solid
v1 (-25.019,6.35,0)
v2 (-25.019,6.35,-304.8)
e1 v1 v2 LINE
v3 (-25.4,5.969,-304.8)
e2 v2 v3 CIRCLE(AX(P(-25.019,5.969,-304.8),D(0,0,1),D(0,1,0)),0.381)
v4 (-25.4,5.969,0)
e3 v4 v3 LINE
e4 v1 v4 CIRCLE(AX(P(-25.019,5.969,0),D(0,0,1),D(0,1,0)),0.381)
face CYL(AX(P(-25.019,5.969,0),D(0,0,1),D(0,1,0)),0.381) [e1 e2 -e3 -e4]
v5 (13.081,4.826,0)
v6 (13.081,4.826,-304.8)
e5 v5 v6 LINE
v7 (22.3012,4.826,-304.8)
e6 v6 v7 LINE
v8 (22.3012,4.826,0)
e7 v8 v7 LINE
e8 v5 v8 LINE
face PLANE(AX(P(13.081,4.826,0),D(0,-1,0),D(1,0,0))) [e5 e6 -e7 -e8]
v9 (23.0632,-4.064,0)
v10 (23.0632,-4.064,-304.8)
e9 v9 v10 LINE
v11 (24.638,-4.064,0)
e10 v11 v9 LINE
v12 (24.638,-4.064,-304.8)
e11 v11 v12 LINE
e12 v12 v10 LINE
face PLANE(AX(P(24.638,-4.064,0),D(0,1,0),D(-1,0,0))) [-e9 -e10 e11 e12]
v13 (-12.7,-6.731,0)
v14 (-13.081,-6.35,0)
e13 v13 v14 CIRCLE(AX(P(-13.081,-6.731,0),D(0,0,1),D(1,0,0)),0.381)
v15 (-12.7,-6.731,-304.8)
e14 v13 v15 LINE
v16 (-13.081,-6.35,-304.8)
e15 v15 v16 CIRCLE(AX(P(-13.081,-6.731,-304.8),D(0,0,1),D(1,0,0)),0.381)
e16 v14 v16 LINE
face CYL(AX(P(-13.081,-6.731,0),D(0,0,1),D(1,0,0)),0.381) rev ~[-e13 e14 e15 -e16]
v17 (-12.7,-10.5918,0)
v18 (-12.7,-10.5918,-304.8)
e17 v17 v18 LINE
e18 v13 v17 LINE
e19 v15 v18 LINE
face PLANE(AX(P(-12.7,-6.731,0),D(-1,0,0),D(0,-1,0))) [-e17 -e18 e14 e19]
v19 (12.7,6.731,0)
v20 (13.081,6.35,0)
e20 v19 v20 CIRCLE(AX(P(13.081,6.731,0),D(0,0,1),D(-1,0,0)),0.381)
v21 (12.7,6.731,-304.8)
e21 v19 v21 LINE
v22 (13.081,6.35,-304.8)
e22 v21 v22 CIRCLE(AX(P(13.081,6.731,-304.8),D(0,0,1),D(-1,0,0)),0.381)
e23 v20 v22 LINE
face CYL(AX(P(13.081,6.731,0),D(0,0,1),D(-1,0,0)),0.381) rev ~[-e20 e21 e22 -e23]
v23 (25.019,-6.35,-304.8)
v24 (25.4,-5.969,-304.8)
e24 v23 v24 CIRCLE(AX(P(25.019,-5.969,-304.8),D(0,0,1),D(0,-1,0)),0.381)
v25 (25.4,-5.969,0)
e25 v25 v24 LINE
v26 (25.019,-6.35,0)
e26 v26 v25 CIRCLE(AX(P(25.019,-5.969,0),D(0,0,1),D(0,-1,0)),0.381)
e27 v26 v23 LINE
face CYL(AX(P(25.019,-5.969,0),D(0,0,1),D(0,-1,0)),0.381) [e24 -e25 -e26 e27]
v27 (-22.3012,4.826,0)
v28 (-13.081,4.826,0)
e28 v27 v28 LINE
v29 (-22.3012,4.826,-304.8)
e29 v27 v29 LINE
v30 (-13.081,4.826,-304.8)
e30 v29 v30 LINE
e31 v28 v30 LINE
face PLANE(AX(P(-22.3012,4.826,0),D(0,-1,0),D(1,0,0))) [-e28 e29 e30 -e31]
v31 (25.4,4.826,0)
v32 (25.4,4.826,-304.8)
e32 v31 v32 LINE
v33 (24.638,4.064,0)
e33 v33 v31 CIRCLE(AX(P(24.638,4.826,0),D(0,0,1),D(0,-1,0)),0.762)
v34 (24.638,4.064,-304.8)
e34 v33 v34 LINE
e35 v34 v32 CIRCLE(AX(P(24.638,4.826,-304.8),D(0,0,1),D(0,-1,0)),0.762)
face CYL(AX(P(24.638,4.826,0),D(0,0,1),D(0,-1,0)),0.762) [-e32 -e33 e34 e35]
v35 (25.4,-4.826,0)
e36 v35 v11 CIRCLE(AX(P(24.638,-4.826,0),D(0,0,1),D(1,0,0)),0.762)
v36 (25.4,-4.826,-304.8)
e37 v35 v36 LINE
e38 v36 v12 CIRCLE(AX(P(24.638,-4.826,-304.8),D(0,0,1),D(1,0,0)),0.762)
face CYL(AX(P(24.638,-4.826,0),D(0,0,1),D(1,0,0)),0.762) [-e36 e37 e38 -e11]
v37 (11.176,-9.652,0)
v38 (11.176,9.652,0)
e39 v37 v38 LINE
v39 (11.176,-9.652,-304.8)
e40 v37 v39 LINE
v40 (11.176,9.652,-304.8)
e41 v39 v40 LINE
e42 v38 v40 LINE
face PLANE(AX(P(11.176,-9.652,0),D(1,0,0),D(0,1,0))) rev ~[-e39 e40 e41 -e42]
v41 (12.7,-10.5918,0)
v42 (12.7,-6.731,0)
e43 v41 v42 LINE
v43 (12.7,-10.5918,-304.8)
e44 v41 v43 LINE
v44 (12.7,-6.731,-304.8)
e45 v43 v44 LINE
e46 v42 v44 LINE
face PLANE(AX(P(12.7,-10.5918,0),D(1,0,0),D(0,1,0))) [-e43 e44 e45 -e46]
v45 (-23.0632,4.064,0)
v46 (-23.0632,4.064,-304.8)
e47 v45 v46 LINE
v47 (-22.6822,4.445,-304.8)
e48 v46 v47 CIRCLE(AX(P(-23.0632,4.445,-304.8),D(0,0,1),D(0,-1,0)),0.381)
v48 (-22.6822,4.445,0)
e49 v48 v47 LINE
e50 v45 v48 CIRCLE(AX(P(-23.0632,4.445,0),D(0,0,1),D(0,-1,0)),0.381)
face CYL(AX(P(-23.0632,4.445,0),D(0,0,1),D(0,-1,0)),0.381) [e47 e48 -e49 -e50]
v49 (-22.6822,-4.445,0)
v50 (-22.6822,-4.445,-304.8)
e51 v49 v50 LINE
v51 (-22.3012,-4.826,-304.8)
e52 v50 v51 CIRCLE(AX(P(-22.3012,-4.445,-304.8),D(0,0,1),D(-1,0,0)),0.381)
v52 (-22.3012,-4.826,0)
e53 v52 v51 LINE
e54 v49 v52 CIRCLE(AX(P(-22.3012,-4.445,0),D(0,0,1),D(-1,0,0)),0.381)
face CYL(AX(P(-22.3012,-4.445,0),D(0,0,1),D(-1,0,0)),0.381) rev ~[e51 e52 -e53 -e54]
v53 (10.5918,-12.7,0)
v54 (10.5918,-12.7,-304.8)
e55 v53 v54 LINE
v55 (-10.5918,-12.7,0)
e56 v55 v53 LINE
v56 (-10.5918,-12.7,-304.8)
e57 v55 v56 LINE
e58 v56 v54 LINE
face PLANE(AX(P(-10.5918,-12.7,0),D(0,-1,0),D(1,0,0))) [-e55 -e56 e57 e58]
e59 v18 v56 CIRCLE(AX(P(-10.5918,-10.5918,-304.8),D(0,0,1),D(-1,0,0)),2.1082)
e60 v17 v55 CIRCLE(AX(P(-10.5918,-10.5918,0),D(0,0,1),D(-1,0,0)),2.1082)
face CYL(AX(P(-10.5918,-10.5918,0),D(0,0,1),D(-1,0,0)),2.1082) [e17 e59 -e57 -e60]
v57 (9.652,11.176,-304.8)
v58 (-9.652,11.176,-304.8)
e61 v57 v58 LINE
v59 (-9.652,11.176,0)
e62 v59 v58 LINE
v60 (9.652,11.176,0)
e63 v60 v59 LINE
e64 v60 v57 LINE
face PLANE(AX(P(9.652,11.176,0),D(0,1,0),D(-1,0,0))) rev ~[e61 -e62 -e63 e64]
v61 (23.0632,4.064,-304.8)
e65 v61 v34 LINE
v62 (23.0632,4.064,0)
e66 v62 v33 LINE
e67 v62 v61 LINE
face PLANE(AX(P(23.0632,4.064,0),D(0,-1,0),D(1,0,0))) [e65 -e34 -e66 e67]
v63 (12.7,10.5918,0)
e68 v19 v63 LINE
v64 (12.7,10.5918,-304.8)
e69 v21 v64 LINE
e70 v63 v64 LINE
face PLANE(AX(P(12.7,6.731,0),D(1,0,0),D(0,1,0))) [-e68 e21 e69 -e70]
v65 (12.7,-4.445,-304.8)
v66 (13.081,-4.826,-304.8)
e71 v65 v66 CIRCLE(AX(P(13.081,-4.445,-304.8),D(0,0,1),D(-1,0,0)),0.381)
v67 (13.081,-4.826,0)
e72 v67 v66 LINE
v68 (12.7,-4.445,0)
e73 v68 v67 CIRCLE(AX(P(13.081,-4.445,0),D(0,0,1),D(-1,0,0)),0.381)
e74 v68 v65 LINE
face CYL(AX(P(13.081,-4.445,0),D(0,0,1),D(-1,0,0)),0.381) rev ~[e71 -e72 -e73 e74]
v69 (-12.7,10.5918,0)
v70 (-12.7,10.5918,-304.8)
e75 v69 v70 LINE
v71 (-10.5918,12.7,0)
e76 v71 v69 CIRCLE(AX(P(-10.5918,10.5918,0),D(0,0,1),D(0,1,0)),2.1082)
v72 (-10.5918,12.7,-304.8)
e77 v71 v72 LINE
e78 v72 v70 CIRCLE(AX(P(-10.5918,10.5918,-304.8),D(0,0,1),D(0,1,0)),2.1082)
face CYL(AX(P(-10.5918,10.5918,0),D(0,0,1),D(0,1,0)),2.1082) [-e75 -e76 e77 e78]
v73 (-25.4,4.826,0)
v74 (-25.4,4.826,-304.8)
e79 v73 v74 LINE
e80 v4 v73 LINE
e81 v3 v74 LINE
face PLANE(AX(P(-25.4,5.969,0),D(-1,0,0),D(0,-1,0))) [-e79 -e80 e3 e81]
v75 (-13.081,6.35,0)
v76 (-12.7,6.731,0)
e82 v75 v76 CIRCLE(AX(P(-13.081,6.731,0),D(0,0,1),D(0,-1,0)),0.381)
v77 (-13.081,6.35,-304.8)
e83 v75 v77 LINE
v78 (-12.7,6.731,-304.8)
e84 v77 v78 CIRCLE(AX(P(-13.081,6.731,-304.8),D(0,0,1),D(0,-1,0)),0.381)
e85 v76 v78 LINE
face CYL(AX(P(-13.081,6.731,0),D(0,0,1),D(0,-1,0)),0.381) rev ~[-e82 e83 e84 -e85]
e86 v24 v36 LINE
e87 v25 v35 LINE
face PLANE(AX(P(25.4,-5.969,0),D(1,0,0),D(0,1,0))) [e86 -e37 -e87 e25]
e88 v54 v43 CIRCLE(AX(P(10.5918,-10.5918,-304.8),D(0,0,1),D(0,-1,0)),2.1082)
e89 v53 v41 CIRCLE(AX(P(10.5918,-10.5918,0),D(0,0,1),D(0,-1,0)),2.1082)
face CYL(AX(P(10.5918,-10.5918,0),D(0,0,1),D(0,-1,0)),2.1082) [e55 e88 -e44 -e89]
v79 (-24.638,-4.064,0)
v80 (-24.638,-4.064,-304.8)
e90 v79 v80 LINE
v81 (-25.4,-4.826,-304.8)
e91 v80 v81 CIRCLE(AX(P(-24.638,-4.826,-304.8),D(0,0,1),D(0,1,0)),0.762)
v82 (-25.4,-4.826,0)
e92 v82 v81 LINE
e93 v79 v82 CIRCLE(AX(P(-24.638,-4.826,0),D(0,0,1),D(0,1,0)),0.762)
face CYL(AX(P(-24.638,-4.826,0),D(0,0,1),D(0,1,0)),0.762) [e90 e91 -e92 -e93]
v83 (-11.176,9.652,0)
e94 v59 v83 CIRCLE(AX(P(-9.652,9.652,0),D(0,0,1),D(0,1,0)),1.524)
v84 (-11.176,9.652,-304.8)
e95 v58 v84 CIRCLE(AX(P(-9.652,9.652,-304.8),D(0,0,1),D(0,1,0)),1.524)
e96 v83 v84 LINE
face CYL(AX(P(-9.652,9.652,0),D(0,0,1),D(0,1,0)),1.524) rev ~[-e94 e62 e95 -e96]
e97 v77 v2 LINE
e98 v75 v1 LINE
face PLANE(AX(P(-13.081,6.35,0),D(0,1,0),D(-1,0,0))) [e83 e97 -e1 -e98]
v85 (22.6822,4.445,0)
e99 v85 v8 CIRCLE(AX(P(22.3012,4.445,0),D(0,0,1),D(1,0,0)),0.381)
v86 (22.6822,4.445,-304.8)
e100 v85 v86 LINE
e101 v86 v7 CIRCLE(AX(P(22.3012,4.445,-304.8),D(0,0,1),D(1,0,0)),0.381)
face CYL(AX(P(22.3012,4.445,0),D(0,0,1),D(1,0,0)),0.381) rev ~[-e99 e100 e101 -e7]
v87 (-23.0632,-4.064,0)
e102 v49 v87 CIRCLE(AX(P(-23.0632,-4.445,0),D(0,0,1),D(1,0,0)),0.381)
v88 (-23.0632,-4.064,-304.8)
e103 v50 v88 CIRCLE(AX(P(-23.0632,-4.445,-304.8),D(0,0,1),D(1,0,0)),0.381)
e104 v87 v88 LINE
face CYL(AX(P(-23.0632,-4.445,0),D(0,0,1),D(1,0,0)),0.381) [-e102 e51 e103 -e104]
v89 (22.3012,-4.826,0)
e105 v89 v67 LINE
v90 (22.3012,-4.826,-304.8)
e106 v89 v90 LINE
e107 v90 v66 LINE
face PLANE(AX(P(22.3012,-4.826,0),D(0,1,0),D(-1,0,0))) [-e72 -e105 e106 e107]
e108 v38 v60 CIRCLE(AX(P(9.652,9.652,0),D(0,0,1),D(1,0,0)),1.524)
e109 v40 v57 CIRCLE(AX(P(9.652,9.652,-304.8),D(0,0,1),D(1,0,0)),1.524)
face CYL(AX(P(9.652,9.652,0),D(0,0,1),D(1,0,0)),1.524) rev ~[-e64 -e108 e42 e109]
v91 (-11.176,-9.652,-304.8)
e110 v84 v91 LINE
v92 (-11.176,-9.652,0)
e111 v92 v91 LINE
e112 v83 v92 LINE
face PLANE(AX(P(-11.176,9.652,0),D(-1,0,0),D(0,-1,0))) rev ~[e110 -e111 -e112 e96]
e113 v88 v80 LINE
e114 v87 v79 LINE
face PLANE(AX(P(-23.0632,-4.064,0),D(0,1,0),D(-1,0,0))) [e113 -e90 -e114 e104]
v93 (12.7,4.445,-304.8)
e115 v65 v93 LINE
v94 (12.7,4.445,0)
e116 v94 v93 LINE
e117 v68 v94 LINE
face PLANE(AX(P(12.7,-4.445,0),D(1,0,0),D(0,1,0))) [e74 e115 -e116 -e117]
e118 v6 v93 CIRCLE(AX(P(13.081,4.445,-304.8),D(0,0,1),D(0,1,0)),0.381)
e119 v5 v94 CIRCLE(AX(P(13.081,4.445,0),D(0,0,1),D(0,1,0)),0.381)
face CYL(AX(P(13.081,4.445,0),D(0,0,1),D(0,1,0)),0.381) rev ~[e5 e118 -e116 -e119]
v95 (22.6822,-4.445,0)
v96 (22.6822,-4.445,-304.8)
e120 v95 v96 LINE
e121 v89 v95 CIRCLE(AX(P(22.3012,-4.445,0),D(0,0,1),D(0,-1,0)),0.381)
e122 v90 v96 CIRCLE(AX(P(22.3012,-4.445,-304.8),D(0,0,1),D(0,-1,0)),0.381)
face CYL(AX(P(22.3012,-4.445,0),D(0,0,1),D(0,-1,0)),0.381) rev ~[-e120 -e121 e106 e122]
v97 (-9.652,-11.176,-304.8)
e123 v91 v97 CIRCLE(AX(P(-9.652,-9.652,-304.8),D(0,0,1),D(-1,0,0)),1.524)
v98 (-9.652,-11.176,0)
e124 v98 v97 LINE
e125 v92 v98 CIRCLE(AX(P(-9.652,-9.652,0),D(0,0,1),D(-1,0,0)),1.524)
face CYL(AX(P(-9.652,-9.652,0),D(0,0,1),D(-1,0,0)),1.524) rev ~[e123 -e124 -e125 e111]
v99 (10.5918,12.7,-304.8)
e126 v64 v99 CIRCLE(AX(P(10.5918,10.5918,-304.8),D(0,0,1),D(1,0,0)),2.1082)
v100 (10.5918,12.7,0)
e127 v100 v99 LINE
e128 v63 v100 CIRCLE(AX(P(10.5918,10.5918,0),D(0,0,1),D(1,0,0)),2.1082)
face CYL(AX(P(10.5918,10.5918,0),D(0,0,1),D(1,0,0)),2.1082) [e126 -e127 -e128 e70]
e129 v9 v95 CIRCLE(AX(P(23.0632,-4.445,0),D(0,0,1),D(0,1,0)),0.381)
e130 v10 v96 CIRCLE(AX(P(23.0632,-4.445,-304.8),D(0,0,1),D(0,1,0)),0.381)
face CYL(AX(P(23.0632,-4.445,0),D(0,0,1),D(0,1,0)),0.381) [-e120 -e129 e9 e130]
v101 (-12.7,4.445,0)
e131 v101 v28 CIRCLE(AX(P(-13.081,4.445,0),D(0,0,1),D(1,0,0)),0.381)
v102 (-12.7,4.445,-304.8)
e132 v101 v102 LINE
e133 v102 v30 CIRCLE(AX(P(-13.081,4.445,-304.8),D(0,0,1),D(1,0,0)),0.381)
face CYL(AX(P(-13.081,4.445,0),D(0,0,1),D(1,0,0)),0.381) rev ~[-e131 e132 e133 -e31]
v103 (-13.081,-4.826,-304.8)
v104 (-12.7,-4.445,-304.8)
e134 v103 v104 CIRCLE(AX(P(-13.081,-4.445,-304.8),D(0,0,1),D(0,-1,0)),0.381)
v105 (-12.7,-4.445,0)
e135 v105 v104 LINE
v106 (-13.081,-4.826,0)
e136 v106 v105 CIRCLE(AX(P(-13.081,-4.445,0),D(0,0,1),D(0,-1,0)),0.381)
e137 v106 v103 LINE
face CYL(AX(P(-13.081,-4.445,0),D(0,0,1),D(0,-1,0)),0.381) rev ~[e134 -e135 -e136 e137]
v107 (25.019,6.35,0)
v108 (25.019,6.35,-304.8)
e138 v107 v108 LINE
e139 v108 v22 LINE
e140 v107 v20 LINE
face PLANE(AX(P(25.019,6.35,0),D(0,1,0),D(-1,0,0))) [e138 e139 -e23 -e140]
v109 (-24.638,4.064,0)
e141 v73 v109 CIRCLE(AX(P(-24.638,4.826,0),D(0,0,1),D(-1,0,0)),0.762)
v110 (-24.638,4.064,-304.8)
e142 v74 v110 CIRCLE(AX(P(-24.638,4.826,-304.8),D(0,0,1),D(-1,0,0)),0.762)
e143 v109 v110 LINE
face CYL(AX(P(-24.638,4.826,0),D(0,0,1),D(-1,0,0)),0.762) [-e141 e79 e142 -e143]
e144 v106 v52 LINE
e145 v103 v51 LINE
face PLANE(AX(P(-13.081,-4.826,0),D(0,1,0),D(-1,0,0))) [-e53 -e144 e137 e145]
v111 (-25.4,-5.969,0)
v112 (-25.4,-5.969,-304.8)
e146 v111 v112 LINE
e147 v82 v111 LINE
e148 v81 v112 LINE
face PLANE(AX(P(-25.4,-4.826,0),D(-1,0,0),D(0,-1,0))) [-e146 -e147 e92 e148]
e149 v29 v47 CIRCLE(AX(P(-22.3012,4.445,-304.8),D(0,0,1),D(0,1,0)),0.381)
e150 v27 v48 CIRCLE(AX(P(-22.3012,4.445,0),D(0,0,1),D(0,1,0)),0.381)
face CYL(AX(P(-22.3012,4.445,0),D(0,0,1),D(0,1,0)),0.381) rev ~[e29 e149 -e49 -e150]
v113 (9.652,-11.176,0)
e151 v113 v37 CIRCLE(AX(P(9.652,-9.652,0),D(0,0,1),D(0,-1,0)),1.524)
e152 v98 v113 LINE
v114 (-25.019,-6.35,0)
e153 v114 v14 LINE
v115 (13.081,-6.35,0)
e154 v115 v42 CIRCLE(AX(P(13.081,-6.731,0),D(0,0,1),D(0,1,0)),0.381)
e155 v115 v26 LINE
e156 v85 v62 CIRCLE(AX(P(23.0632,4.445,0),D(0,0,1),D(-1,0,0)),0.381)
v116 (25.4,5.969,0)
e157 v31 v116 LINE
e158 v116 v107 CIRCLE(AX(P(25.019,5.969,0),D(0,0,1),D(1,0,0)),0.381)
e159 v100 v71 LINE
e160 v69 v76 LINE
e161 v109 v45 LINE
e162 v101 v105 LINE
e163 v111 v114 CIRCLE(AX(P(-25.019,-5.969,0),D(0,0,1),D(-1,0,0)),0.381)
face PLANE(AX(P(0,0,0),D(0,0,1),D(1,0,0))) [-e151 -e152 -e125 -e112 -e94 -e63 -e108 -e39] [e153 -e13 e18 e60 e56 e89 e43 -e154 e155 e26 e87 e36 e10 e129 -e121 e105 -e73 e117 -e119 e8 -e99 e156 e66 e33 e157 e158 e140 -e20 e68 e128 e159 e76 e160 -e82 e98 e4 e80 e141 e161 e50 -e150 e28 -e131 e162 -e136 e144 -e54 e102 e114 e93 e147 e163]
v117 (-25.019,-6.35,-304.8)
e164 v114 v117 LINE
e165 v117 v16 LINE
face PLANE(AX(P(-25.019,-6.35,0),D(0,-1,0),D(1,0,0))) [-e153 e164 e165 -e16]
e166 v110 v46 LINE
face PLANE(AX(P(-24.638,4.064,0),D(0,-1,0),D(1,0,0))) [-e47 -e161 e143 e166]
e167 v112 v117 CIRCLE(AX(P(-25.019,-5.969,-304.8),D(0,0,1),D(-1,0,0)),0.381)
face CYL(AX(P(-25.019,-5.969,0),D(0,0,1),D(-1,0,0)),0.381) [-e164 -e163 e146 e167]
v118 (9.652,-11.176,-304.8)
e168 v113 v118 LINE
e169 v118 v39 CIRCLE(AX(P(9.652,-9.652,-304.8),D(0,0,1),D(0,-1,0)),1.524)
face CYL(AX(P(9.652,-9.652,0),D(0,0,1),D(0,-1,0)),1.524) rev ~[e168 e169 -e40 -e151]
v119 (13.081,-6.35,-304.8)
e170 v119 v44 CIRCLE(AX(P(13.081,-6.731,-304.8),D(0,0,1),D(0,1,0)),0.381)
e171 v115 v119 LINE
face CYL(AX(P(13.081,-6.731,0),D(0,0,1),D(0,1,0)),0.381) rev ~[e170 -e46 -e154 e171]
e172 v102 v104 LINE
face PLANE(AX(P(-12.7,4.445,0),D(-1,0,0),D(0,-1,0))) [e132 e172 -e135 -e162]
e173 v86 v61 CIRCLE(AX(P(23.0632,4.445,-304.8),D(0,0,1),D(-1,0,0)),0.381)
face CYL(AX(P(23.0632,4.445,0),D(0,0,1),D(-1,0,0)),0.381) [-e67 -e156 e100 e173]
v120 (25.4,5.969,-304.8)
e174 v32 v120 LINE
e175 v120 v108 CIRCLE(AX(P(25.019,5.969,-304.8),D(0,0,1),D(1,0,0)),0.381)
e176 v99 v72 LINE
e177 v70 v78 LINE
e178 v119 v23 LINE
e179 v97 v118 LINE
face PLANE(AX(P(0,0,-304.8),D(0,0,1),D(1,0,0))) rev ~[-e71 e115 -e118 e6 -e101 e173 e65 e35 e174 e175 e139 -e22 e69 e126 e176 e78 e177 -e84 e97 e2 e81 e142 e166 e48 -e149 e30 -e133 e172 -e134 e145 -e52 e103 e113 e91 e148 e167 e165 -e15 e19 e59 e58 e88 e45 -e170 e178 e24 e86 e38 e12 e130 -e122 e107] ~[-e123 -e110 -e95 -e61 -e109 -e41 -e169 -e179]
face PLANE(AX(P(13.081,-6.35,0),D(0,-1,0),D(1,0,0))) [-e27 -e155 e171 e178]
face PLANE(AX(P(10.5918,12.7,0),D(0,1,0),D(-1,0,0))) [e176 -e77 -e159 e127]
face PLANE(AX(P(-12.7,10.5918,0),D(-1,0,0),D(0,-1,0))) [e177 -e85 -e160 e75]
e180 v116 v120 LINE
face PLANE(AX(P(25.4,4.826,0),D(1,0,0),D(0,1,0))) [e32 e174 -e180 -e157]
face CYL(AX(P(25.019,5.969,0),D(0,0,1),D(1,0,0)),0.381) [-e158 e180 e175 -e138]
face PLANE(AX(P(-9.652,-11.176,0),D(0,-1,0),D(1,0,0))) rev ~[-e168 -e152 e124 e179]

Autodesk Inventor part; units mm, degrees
ref_plane "YZ Plane" through (0, 0, 0) normal (1, 0, 0) x (0, 1, 0)
ref_plane "XZ Plane" through (0, 0, 0) normal (0, 1, 0) x (-1, 0, 0)
ref_plane "XY Plane" through (0, 0, 0) normal (0, 0, 1) x (1, 0, 0)
sketch "Sketch1" plane through (0, 0, 0) normal (0, 0, 1) x (1, 0, 0)
  line L0 (-9.652, -11.176) -> (9.652, -11.176)
  arc A0 (-11.176, -9.652) -> (-9.652, -11.176) centre (-9.652, -9.652) ccw
  line L1 (-11.176, 9.652) -> (-11.176, -9.652)
  arc A1 (-9.652, 11.176) -> (-11.176, 9.652) centre (-9.652, 9.652) ccw
  line L2 (9.652, 11.176) -> (-9.652, 11.176)
  arc A2 (11.176, 9.652) -> (9.652, 11.176) centre (9.652, 9.652) ccw
  line L3 (11.176, -9.652) -> (11.176, 9.652)
  arc A3 (9.652, -11.176) -> (11.176, -9.652) centre (9.652, -9.652) ccw
  arc A4 (12.7, 6.731) -> (13.081, 6.35) centre (13.081, 6.731) ccw
  line L4 (12.7, 6.731) -> (12.7, 10.5918)
  arc A5 (12.7, 10.5918) -> (10.5918, 12.7) centre (10.5918, 10.5918) ccw
  line L5 (10.5918, 12.7) -> (-10.5918, 12.7)
  arc A6 (-10.5918, 12.7) -> (-12.7, 10.5918) centre (-10.5918, 10.5918) ccw
  line L6 (-12.7, 10.5918) -> (-12.7, 6.731)
  arc A7 (-13.081, 6.35) -> (-12.7, 6.731) centre (-13.081, 6.731) ccw
  line L7 (-13.081, 6.35) -> (-25.019, 6.35)
  arc A8 (-25.019, 6.35) -> (-25.4, 5.969) centre (-25.019, 5.969) ccw
  line L8 (-25.4, 5.969) -> (-25.4, 4.826)
  arc A9 (-25.4, 4.826) -> (-24.638, 4.064) centre (-24.638, 4.826) ccw
  line L9 (-24.638, 4.064) -> (-23.0632, 4.064)
  arc A10 (-23.0632, 4.064) -> (-22.6822, 4.445) centre (-23.0632, 4.445) ccw
  arc A11 (-22.3012, 4.826) -> (-22.6822, 4.445) centre (-22.3012, 4.445) ccw
  line L10 (-22.3012, 4.826) -> (-13.081, 4.826)
  arc A12 (-12.7, 4.445) -> (-13.081, 4.826) centre (-13.081, 4.445) ccw
  line L11 (-12.7, 4.445) -> (-12.7, -4.445)
  arc A13 (-13.081, -4.826) -> (-12.7, -4.445) centre (-13.081, -4.445) ccw
  line L12 (-13.081, -4.826) -> (-22.3012, -4.826)
  arc A14 (-22.6822, -4.445) -> (-22.3012, -4.826) centre (-22.3012, -4.445) ccw
  arc A15 (-22.6822, -4.445) -> (-23.0632, -4.064) centre (-23.0632, -4.445) ccw
  line L13 (-23.0632, -4.064) -> (-24.638, -4.064)
  arc A16 (-24.638, -4.064) -> (-25.4, -4.826) centre (-24.638, -4.826) ccw
  line L14 (-25.4, -4.826) -> (-25.4, -5.969)
  arc A17 (-25.4, -5.969) -> (-25.019, -6.35) centre (-25.019, -5.969) ccw
  line L15 (-25.019, -6.35) -> (-13.081, -6.35)
  arc A18 (-12.7, -6.731) -> (-13.081, -6.35) centre (-13.081, -6.731) ccw
  line L16 (-12.7, -6.731) -> (-12.7, -10.5918)
  arc A19 (-12.7, -10.5918) -> (-10.5918, -12.7) centre (-10.5918, -10.5918) ccw
  line L17 (-10.5918, -12.7) -> (10.5918, -12.7)
  arc A20 (10.5918, -12.7) -> (12.7, -10.5918) centre (10.5918, -10.5918) ccw
  line L18 (12.7, -10.5918) -> (12.7, -6.731)
  arc A21 (13.081, -6.35) -> (12.7, -6.731) centre (13.081, -6.731) ccw
  line L19 (13.081, -6.35) -> (25.019, -6.35)
  arc A22 (25.019, -6.35) -> (25.4, -5.969) centre (25.019, -5.969) ccw
  line L20 (25.4, -5.969) -> (25.4, -4.826)
  arc A23 (25.4, -4.826) -> (24.638, -4.064) centre (24.638, -4.826) ccw
  line L21 (24.638, -4.064) -> (23.0632, -4.064)
  arc A24 (23.0632, -4.064) -> (22.6822, -4.445) centre (23.0632, -4.445) ccw
  arc A25 (22.3012, -4.826) -> (22.6822, -4.445) centre (22.3012, -4.445) ccw
  line L22 (22.3012, -4.826) -> (13.081, -4.826)
  arc A26 (12.7, -4.445) -> (13.081, -4.826) centre (13.081, -4.445) ccw
  line L23 (12.7, -4.445) -> (12.7, 4.445)
  arc A27 (13.081, 4.826) -> (12.7, 4.445) centre (13.081, 4.445) ccw
  line L24 (13.081, 4.826) -> (22.3012, 4.826)
  arc A28 (22.6822, 4.445) -> (22.3012, 4.826) centre (22.3012, 4.445) ccw
  arc A29 (22.6822, 4.445) -> (23.0632, 4.064) centre (23.0632, 4.445) ccw
  line L25 (23.0632, 4.064) -> (24.638, 4.064)
  arc A30 (24.638, 4.064) -> (25.4, 4.826) centre (24.638, 4.826) ccw
  line L26 (25.4, 4.826) -> (25.4, 5.969)
  arc A31 (25.4, 5.969) -> (25.019, 6.35) centre (25.019, 5.969) ccw
  line L27 (25.019, 6.35) -> (13.081, 6.35)
  point P0 (0, 0)
extrude "Extrusion1" add sketch "Sketch1" against normal blind 304.8
properties part number "9035"
